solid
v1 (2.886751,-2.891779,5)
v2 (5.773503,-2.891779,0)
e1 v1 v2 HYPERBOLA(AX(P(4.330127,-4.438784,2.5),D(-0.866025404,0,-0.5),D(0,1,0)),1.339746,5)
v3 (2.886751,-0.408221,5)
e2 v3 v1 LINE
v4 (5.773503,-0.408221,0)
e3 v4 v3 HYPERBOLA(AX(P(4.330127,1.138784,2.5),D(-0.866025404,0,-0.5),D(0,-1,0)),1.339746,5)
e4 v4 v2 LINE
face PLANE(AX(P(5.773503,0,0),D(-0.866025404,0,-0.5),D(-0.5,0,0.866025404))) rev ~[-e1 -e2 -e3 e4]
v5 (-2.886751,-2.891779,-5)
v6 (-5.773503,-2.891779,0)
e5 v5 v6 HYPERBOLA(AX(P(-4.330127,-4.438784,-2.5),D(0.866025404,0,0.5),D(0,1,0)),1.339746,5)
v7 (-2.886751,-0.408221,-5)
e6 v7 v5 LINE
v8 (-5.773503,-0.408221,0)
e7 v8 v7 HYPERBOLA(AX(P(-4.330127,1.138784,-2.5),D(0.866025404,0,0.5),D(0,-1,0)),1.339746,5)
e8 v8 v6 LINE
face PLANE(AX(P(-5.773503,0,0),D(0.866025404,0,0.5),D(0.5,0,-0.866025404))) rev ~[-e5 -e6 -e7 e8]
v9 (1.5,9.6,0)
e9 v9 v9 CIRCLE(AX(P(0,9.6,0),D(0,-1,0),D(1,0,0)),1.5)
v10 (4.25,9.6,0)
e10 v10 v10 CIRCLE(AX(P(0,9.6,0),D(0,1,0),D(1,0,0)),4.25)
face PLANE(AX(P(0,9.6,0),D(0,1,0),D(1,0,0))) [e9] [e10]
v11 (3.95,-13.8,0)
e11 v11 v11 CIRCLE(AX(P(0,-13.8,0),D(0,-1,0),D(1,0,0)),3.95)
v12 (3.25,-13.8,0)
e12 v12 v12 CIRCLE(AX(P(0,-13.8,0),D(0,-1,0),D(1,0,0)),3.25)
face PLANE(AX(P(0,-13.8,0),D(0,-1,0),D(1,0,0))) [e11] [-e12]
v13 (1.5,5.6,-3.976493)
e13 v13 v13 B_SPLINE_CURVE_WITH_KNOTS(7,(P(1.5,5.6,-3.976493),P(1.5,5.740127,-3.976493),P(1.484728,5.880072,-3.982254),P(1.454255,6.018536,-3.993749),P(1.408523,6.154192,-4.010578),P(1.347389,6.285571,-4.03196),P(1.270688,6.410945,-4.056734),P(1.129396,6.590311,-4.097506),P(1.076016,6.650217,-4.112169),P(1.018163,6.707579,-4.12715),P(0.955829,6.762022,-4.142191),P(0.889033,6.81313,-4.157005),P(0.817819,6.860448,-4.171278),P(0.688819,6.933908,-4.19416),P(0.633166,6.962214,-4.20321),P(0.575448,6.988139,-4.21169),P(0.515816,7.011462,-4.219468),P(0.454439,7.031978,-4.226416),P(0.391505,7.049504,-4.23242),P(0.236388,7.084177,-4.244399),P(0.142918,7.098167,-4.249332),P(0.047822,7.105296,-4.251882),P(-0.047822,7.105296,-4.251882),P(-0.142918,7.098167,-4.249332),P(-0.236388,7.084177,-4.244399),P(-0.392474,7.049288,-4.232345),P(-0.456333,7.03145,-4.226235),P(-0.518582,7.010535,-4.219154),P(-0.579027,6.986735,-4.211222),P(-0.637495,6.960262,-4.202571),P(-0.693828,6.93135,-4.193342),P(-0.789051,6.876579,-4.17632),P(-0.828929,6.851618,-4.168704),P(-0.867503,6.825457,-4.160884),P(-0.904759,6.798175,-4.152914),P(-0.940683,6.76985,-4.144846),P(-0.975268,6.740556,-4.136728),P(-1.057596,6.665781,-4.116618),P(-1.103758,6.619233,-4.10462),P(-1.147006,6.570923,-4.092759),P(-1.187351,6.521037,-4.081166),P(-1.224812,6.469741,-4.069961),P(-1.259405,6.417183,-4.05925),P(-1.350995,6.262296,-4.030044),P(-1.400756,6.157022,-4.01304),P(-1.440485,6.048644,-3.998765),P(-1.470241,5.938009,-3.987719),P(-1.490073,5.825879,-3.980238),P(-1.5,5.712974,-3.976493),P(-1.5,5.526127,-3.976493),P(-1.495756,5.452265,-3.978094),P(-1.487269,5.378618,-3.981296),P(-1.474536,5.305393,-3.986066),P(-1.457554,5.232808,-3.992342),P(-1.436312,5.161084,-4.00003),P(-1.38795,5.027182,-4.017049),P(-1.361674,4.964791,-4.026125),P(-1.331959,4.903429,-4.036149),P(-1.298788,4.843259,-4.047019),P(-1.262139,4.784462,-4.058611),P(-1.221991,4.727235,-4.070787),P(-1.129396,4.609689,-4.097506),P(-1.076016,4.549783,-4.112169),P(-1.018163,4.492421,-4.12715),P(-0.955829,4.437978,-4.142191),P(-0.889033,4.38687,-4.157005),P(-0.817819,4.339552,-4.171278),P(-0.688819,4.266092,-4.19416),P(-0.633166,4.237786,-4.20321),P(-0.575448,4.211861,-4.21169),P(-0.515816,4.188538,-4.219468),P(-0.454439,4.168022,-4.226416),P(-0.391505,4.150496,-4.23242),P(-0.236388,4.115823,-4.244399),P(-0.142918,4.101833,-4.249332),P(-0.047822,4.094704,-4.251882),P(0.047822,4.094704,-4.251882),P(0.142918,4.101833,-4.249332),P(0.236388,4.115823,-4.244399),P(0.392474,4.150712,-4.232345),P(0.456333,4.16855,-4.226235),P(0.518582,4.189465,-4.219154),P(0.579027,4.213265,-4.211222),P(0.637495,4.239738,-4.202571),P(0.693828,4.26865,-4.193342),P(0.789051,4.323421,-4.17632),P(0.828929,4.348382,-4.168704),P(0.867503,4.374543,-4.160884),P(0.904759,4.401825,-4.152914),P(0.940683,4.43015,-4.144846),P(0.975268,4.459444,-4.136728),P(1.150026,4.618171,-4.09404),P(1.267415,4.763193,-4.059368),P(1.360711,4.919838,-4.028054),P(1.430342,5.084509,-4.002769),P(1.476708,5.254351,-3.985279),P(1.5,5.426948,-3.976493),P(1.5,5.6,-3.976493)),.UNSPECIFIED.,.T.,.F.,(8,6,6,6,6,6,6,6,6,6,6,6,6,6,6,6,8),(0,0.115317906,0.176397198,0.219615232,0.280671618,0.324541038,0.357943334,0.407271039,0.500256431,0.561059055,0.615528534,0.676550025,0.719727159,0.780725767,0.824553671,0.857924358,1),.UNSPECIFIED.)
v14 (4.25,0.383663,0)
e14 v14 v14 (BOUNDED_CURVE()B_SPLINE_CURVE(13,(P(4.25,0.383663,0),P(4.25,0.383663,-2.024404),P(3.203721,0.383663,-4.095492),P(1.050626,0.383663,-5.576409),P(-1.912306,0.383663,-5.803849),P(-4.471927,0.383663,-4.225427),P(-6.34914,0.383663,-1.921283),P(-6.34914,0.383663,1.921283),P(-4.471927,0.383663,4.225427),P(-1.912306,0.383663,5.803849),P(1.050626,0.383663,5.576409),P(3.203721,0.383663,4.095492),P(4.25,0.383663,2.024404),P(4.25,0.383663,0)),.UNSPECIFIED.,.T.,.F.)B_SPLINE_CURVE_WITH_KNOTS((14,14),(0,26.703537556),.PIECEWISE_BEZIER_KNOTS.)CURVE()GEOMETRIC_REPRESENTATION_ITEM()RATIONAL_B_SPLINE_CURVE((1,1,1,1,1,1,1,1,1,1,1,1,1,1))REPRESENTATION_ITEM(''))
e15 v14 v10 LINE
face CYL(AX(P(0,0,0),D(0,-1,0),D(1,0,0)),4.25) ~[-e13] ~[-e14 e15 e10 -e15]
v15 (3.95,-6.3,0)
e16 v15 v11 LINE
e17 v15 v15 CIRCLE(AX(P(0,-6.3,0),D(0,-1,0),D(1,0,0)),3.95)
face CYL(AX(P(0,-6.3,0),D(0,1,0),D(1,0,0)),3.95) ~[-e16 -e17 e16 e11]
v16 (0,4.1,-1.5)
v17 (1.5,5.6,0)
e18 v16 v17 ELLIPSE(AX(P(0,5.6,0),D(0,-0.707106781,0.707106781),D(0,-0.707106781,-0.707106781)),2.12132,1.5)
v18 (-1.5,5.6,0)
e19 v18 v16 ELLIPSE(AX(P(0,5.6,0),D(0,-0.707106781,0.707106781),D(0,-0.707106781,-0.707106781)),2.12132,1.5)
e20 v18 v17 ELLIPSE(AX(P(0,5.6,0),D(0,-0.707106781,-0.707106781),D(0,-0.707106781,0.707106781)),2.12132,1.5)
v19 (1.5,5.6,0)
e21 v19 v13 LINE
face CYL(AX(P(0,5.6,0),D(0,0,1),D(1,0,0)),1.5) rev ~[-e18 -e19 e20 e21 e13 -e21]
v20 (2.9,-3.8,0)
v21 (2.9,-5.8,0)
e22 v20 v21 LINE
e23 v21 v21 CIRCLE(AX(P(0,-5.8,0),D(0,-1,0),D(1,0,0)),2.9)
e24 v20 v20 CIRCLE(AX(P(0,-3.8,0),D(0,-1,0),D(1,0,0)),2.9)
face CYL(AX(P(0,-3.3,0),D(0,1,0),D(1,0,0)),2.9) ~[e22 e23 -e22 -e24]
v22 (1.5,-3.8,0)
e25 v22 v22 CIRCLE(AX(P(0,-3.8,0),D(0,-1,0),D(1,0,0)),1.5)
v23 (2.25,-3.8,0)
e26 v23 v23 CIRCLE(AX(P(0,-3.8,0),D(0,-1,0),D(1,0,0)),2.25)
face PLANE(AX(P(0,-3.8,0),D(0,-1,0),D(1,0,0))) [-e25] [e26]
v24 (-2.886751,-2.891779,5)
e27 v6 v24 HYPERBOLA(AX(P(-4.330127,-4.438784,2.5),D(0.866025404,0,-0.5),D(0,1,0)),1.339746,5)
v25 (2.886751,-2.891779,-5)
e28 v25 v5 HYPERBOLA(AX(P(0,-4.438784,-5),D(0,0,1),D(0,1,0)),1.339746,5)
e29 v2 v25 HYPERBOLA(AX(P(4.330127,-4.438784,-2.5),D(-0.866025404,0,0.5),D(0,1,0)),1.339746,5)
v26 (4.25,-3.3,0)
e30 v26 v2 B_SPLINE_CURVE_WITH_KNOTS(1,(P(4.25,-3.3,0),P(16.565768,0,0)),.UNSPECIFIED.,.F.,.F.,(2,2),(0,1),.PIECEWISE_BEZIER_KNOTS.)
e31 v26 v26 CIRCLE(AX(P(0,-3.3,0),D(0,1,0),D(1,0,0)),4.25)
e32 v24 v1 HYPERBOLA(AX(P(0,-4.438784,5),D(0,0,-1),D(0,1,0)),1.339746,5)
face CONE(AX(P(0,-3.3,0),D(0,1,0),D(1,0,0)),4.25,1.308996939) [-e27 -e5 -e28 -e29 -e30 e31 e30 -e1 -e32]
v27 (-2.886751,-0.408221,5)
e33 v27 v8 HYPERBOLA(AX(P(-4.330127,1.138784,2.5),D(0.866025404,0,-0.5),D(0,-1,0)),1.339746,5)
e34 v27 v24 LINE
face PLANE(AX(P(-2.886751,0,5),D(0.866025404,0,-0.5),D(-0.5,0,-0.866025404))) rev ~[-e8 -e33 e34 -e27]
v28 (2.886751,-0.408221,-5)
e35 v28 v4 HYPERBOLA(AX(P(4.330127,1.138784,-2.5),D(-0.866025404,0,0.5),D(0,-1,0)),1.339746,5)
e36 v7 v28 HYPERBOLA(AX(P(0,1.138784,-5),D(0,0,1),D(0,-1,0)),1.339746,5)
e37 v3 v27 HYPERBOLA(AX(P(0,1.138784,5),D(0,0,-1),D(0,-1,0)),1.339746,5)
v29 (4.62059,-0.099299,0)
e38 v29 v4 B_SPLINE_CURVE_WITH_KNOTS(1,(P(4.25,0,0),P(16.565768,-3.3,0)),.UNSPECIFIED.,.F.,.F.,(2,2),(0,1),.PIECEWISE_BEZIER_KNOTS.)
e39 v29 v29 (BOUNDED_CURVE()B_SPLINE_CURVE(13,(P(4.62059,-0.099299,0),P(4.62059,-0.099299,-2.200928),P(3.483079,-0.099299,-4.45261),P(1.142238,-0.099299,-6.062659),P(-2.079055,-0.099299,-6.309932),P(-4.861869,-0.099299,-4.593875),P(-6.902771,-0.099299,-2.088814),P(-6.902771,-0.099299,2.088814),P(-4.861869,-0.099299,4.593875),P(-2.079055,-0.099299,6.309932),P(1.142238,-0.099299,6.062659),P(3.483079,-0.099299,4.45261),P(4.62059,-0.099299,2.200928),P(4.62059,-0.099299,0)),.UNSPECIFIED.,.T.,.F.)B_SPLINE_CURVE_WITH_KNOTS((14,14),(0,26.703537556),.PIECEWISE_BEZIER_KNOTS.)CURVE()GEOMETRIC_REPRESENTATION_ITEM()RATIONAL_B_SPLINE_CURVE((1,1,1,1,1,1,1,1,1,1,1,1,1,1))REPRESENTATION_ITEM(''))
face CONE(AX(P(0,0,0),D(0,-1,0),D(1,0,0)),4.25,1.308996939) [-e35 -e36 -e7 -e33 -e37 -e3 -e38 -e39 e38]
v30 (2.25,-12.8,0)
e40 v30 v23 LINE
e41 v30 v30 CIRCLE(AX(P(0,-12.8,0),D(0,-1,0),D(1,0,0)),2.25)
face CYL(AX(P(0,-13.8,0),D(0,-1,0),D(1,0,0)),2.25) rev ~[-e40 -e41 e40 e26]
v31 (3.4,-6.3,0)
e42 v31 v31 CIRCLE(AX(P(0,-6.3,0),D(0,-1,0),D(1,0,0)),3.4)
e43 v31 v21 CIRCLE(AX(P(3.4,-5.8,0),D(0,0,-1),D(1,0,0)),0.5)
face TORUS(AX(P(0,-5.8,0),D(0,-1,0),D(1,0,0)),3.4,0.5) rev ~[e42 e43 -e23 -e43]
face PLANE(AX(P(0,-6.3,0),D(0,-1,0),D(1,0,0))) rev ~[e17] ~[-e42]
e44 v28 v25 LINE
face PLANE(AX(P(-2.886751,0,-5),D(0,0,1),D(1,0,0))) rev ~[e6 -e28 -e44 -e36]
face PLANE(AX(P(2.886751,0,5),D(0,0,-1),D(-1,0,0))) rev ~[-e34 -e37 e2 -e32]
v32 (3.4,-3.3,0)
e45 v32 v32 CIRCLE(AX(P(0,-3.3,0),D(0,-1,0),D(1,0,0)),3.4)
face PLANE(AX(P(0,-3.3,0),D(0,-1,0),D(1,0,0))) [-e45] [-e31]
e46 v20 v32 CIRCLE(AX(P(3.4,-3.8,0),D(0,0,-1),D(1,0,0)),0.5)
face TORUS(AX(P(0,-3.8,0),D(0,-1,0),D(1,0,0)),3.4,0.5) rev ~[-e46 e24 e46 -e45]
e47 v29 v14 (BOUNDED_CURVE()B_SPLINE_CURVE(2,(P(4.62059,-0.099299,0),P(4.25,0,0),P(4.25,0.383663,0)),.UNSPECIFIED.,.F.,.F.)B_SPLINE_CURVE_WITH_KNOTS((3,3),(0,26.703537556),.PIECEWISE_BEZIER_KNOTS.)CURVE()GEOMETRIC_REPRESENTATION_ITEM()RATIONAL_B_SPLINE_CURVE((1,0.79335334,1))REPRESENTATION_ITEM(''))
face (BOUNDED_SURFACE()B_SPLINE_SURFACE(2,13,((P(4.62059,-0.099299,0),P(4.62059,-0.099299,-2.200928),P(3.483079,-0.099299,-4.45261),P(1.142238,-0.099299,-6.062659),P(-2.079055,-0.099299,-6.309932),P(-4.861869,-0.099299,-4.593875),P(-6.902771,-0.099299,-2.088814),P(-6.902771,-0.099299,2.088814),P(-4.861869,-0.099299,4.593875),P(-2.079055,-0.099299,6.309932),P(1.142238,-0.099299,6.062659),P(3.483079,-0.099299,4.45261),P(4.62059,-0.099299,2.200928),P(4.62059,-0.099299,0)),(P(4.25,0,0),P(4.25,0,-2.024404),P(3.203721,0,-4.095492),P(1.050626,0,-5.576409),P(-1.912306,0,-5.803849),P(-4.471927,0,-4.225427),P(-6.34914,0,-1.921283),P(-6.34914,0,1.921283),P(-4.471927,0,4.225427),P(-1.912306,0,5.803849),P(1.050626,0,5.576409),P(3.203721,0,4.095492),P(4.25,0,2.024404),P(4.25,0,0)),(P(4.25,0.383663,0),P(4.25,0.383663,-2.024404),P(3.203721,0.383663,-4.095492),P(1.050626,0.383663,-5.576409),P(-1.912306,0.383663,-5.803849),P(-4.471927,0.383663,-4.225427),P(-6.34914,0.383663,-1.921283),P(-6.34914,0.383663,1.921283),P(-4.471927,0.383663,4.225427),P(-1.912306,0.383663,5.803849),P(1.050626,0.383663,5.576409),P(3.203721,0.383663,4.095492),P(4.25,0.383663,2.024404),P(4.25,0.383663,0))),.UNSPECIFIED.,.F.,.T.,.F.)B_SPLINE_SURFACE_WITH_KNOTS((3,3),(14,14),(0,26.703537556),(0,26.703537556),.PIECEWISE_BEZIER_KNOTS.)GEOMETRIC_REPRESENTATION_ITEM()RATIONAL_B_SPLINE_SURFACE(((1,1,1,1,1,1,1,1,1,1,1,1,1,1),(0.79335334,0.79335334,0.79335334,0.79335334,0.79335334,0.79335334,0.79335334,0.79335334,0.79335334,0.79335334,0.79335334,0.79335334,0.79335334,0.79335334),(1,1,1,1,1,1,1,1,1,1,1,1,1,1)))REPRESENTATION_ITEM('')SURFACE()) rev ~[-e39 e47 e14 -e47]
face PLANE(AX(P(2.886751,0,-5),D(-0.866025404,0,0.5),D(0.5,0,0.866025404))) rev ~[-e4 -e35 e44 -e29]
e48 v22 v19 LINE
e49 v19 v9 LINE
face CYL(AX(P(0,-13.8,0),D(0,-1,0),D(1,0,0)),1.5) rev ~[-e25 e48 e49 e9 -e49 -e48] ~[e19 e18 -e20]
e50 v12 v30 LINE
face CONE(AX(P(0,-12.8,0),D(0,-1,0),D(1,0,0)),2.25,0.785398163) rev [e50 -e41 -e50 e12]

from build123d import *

# Parameters (mm, degrees)
SKETCH1_R           = 4.25
BOSS_EXTRUDE1_DEPTH = 9.6
BOSS_EXTRUDE2_DEPTH = 3.3
SKETCH3_OUTSIDE_W   = 42.178
SKETCH3_OUTSIDE_H   = 40.63
SKETCH3_OUTSIDE_R   = 4.25
CUT_EXTRUDE4_DEPTH  = 3.3
CUT_EXTRUDE4_TAPER  = 75
SKETCH5_OUTSIDE_W   = 42.178
SKETCH5_OUTSIDE_H   = 40.63
SKETCH5_OUTSIDE_R   = 4.25
CUT_EXTRUDE5_DEPTH  = 3.3
CUT_EXTRUDE5_TAPER  = 75
SKETCH6_R           = 2.9
BOSS_EXTRUDE3_DEPTH = 3
SKETCH7_R           = 3.95
BOSS_EXTRUDE4_DEPTH = 7.5
SKETCH8_R           = 1.5
CUT_EXTRUDE6_DEPTH  = 24.4
SKETCH9_R           = 2.25
CUT_EXTRUDE7_DEPTH  = 10
FILLET1_R           = 0.5
SKETCH10_R          = 1.5
CUT_EXTRUDE8_DEPTH  = 6.0000001
CHAMFER1_SIZE       = 1


with BuildPart() as part:
    # Sketch1 → Boss-Extrude1 (new body)
    with BuildSketch(Plane(origin=(0, 0, 0), x_dir=(1, 0, 0), z_dir=(0, 1, 0))):
        Circle(SKETCH1_R)
    extrude(amount=BOSS_EXTRUDE1_DEPTH)

    # Sketch2 → Boss-Extrude2 (add)
    with BuildSketch(Plane.XZ):
        Polygon((-2.886751346, 5), (-5.773502692, 0), (-2.886751346, -5), (2.886751346, -5), (5.773502692, 0), (2.886751346, 5), align=None)
    extrude(amount=BOSS_EXTRUDE2_DEPTH)

    # Sketch3 outside → Cut-Extrude4 (cut)
    with BuildSketch(Plane.XZ.offset(3.3)):
        Rectangle(SKETCH3_OUTSIDE_W, SKETCH3_OUTSIDE_H)
        Circle(SKETCH3_OUTSIDE_R, mode=Mode.SUBTRACT)
    extrude(amount=-CUT_EXTRUDE4_DEPTH, taper=CUT_EXTRUDE4_TAPER, mode=Mode.SUBTRACT)

    # Sketch5 outside → Cut-Extrude5 (cut)
    with BuildSketch(Plane(origin=(0, 0, 0), x_dir=(1, 0, 0), z_dir=(0, 1, 0))):
        Rectangle(SKETCH5_OUTSIDE_W, SKETCH5_OUTSIDE_H)
        Circle(SKETCH5_OUTSIDE_R, mode=Mode.SUBTRACT)
    extrude(amount=-CUT_EXTRUDE5_DEPTH, taper=CUT_EXTRUDE5_TAPER, mode=Mode.SUBTRACT)

    # Sketch6 → Boss-Extrude3 (add)
    with BuildSketch(Plane.XZ.offset(3.3)):
        Circle(SKETCH6_R)
    extrude(amount=BOSS_EXTRUDE3_DEPTH)

    # Sketch7 → Boss-Extrude4 (add)
    with BuildSketch(Plane.XZ.offset(6.3)):
        Circle(SKETCH7_R)
    extrude(amount=BOSS_EXTRUDE4_DEPTH)

    # Sketch8 → Cut-Extrude6 (cut, through all)
    with BuildSketch(Plane.XZ.offset(13.8)):
        Circle(SKETCH8_R)
    extrude(amount=-CUT_EXTRUDE6_DEPTH, mode=Mode.SUBTRACT)

    # Sketch9 → Cut-Extrude7 (cut)
    with BuildSketch(Plane.XZ.offset(13.8)):
        Circle(SKETCH9_R)
    extrude(amount=-CUT_EXTRUDE7_DEPTH, mode=Mode.SUBTRACT)

    # Fillet1
    fillet1_edges = [part.edges().sort_by_distance(p)[0] for p in [
        (-4.25, 0, 0),
        (-2.9, -3.3, 0),
        (-2.9, -6.3, 0),
    ]]
    fillet(fillet1_edges, radius=FILLET1_R)

    # Sketch10 → Cut-Extrude8 (cut, through all)
    with BuildSketch(Plane.XY):
        with Locations((0, 5.6)):
            Circle(SKETCH10_R)
    extrude(amount=-CUT_EXTRUDE8_DEPTH, mode=Mode.SUBTRACT)

    # Chamfer1
    chamfer1_edges = [part.edges().sort_by_distance(p)[0] for p in [
        (-2.25, -13.8, 0),
    ]]
    chamfer(chamfer1_edges, length=CHAMFER1_SIZE)


solid = part.part
